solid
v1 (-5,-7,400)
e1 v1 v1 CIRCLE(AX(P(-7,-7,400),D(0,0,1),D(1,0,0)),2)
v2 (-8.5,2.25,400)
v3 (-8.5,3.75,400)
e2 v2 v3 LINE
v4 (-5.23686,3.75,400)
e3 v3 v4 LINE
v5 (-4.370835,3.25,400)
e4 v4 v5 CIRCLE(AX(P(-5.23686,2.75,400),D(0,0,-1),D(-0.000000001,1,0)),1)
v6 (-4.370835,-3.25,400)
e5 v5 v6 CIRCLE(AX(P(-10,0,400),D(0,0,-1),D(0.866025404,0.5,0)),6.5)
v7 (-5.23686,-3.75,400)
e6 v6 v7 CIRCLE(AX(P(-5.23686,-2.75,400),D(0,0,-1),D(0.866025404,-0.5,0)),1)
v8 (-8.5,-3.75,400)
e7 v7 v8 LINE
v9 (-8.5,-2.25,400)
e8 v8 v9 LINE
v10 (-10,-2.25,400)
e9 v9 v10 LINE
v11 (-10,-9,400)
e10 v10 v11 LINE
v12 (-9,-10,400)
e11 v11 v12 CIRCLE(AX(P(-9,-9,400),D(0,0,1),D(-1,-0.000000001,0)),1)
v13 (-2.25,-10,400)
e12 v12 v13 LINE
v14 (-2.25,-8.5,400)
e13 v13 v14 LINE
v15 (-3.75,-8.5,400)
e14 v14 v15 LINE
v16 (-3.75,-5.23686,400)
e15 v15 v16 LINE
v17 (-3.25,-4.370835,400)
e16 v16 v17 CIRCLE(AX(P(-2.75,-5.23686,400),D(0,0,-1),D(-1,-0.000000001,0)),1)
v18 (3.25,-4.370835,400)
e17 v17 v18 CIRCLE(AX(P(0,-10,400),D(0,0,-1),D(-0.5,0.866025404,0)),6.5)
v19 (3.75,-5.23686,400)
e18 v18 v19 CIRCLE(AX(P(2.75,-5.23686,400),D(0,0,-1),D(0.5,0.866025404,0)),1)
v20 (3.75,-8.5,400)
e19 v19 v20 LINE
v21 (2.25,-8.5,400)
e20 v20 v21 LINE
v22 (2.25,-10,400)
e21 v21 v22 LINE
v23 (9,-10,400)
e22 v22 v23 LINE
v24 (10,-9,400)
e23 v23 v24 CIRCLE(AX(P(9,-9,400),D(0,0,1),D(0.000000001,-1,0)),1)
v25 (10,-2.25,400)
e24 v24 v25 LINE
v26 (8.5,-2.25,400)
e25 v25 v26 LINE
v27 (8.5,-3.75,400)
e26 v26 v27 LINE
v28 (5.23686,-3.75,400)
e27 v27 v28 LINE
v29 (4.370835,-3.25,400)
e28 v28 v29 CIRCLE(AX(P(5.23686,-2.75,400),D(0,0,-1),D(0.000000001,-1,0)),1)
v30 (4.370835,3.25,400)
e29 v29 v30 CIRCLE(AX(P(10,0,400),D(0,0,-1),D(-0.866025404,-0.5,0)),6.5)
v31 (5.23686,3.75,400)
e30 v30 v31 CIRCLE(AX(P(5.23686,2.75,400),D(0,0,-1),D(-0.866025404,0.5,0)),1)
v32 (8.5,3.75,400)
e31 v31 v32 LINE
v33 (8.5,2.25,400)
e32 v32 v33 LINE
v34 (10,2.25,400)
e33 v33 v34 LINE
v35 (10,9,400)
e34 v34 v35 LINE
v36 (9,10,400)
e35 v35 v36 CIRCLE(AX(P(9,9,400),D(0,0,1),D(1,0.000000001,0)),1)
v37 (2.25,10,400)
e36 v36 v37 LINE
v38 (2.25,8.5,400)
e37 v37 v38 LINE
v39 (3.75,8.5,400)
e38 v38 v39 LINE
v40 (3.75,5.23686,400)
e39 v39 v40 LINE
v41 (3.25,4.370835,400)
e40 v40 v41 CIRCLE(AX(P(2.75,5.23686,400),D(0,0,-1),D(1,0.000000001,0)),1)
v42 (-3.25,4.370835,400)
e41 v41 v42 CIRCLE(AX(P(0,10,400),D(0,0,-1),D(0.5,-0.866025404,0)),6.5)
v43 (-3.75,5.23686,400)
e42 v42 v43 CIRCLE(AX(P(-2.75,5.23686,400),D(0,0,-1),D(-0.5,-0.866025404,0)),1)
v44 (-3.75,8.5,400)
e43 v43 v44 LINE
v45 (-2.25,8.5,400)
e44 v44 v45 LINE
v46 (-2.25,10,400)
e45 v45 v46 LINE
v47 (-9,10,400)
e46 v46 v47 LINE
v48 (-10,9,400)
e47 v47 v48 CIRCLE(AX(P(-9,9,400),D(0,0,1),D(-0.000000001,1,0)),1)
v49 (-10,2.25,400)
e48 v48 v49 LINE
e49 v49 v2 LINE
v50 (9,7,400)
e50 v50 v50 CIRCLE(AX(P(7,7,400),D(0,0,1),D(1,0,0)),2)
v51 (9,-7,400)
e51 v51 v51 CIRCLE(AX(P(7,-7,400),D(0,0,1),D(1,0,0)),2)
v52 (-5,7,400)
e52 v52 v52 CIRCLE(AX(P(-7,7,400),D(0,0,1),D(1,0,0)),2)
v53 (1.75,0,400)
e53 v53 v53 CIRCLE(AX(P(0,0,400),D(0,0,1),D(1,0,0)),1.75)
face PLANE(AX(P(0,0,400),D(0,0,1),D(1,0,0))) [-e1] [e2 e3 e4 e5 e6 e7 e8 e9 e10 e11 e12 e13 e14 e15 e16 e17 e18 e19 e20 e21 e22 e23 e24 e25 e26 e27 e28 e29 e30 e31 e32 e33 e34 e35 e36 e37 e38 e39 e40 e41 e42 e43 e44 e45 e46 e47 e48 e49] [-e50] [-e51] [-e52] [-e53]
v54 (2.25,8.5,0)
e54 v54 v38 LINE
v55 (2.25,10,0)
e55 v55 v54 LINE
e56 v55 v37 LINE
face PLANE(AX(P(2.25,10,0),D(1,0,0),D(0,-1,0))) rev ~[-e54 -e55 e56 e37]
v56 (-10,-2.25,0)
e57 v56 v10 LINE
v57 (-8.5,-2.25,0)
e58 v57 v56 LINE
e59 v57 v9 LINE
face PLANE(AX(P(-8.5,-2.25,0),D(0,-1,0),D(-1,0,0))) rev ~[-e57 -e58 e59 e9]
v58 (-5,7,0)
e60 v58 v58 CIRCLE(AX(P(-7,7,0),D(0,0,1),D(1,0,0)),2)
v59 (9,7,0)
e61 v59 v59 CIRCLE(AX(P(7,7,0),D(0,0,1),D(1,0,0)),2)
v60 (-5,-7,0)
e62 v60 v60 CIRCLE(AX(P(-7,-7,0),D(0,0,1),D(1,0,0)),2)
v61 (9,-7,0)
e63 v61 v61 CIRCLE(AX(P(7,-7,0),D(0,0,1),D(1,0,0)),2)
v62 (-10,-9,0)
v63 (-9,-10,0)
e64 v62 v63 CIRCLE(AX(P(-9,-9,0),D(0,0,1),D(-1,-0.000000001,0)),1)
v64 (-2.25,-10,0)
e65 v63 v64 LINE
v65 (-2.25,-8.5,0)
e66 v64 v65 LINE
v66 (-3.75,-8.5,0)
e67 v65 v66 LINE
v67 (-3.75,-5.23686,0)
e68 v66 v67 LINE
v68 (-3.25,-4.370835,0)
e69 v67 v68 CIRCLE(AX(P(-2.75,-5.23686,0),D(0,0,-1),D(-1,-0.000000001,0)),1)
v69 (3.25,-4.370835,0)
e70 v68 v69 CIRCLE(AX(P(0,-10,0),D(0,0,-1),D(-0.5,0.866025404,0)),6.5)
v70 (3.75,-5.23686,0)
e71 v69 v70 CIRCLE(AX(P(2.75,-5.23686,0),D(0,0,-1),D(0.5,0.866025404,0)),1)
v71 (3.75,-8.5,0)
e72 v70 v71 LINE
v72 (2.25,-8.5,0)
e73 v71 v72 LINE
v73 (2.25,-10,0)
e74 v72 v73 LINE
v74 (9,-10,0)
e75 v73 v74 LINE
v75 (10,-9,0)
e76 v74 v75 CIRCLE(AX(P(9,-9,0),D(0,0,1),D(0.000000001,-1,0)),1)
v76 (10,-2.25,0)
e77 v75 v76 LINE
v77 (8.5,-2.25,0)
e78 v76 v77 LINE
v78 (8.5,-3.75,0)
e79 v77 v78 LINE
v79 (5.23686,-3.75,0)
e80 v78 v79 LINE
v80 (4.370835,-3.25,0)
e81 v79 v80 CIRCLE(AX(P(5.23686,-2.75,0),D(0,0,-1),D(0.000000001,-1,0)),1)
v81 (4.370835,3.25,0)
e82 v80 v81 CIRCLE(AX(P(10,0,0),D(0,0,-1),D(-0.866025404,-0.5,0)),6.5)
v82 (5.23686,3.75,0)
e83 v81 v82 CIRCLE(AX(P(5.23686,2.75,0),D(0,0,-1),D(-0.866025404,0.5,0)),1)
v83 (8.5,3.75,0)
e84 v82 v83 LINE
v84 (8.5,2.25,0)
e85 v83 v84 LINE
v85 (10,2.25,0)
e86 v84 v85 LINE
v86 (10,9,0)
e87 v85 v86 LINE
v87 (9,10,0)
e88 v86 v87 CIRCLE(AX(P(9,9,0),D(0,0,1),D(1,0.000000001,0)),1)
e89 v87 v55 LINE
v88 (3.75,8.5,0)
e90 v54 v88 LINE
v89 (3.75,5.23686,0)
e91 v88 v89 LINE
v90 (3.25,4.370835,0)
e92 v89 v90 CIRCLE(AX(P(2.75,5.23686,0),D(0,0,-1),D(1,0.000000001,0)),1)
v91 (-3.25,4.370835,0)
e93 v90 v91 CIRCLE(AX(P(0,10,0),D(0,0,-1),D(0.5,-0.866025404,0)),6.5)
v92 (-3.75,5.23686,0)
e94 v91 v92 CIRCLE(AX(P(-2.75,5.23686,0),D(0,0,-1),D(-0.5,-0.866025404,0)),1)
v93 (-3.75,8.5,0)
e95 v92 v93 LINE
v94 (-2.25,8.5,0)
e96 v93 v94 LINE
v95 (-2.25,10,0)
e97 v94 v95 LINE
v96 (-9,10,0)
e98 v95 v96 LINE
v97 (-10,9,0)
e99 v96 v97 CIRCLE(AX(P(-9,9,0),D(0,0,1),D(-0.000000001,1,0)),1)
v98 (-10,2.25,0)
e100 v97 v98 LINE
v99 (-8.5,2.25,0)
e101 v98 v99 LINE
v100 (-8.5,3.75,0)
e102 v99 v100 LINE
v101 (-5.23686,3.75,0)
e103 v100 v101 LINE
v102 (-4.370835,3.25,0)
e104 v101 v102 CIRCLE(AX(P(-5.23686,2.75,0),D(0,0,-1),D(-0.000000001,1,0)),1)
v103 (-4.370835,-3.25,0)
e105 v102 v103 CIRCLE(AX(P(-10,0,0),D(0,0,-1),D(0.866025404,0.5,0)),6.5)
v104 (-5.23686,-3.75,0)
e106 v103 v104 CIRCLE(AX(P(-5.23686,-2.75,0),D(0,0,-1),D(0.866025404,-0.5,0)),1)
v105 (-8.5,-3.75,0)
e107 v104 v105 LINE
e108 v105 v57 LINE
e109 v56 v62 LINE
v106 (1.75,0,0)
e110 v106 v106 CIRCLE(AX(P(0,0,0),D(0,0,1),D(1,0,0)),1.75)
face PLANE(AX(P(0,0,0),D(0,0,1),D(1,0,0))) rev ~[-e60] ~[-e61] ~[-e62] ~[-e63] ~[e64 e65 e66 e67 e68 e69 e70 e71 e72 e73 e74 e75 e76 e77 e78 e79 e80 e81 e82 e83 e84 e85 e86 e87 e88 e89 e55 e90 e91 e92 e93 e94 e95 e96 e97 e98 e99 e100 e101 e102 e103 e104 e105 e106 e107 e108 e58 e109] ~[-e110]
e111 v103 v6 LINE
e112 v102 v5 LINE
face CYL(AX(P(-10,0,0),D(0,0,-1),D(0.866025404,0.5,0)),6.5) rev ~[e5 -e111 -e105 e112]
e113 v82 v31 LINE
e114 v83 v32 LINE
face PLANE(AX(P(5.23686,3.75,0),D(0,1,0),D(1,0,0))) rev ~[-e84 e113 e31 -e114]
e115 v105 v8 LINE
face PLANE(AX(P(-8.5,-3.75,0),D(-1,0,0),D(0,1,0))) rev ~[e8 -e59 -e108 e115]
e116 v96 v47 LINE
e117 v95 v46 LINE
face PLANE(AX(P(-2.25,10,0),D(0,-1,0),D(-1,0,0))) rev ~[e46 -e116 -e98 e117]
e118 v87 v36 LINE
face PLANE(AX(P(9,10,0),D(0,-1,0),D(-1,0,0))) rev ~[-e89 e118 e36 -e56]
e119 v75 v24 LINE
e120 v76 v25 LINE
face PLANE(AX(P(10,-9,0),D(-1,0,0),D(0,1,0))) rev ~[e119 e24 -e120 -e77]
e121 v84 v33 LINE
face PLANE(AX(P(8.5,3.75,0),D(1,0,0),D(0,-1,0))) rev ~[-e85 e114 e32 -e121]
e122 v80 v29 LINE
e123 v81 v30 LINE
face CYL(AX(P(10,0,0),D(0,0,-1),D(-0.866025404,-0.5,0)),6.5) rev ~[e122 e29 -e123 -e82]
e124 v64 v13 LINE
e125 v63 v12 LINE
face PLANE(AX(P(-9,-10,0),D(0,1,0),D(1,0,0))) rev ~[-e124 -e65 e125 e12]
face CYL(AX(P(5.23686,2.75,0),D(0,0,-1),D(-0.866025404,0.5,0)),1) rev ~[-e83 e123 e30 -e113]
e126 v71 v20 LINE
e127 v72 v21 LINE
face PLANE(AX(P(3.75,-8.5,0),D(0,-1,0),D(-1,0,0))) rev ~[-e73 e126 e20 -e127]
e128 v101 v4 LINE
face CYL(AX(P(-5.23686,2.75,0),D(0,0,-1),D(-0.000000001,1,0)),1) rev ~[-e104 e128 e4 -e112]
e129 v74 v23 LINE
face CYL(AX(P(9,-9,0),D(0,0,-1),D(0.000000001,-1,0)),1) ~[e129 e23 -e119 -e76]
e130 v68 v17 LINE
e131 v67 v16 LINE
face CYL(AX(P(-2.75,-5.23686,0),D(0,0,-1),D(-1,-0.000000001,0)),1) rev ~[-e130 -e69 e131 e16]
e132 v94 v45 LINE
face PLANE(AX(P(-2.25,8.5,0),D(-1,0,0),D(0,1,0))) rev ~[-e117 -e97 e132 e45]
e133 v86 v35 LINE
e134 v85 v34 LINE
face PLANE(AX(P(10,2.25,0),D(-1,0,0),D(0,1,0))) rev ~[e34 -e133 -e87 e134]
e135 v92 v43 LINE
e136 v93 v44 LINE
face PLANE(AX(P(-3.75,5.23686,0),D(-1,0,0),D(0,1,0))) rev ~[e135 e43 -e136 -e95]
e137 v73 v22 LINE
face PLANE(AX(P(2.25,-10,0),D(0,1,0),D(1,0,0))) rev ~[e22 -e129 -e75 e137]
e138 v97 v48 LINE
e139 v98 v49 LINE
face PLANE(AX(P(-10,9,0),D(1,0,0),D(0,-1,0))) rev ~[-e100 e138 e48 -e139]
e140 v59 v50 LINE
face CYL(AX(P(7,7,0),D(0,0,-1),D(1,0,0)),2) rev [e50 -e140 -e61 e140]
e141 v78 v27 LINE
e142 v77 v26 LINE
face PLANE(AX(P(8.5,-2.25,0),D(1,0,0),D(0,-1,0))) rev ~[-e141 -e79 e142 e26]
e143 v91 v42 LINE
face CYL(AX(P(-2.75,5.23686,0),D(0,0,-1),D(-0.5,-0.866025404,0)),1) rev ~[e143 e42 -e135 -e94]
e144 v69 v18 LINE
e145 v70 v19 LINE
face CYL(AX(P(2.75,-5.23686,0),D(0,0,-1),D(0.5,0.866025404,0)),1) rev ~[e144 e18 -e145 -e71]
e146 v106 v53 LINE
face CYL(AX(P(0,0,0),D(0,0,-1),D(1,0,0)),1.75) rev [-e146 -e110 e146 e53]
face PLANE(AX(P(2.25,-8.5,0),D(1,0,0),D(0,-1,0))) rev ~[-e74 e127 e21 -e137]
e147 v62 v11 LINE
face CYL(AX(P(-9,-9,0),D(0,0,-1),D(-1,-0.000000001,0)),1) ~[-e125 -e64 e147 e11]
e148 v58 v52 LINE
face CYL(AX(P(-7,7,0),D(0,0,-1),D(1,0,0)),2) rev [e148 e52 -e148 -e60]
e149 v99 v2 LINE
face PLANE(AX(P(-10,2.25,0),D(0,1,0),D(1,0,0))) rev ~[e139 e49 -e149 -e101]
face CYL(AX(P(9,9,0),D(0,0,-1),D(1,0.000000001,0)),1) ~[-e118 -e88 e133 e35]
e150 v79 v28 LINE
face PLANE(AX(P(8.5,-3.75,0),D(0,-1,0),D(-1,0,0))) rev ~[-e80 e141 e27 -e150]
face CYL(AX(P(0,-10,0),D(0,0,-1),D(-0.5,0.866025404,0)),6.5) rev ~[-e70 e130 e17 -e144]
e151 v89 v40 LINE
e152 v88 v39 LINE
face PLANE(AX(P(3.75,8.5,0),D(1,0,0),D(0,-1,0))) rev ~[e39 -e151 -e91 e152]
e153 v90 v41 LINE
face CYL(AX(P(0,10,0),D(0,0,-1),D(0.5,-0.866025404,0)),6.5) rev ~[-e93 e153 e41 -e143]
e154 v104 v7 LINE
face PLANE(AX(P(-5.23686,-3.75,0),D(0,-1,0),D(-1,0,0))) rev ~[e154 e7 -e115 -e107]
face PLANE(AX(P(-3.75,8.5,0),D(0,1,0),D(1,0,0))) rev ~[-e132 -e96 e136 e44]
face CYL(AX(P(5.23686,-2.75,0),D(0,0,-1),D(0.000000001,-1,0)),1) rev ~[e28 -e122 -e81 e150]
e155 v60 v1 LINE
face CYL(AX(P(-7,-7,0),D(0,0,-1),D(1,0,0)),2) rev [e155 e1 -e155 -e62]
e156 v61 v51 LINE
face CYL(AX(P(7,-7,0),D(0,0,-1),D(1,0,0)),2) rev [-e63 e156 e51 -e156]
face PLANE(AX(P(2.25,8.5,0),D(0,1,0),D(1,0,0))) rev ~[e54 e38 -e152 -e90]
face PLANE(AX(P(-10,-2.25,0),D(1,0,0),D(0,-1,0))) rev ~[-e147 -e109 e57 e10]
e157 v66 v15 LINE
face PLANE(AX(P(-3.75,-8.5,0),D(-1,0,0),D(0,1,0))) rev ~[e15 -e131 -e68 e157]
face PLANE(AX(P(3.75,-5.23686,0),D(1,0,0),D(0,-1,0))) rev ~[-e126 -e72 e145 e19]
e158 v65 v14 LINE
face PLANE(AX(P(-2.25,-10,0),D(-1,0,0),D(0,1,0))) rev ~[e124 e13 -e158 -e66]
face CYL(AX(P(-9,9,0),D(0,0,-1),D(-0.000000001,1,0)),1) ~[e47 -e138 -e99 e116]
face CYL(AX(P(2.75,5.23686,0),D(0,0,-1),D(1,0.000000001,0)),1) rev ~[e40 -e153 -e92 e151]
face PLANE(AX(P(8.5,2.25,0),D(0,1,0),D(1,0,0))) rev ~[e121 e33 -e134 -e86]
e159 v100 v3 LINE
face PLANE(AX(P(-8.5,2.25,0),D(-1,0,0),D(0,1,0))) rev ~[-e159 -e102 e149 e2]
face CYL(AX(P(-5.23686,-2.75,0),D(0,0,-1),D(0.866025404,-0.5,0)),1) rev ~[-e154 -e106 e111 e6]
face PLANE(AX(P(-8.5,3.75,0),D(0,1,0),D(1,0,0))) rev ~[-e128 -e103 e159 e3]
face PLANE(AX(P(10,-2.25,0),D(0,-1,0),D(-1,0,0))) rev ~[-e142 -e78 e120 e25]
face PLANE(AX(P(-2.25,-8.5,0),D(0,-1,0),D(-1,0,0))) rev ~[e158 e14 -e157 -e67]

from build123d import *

# Parameters (mm, degrees)
SKETCH1_R           = 2
SKETCH1_R_2         = 1.75
BOSS_EXTRUDE1_DEPTH = 400


with BuildPart() as part:
    # Sketch1 → Boss-Extrude1 (new body)
    with BuildSketch(Plane.XY):
        with BuildLine():
            Line((-10, 9), (-10, 2.25))
            Line((-10, 2.25), (-8.5, 2.25))
            Line((-8.5, 2.25), (-8.5, 3.75))
            Line((-8.5, 3.75), (-5.236860279, 3.75))
            ThreePointArc((-5.236860279, 3.75), (-4.736860279, 3.616025404), (-4.370834875, 3.25))
            ThreePointArc((-4.370834875, 3.25), (-3.5, 0), (-4.370834875, -3.25))
            ThreePointArc((-4.370834875, -3.25), (-4.736860279, -3.616025404), (-5.236860279, -3.75))
            Line((-5.236860279, -3.75), (-8.5, -3.75))
            Line((-8.5, -3.75), (-8.5, -2.25))
            Line((-8.5, -2.25), (-10, -2.25))
            Line((-10, -2.25), (-10, -9))
            ThreePointArc((-10, -9), (-9.707106781, -9.707106781), (-9, -10))
            Line((-9, -10), (-2.25, -10))
            Line((-2.25, -10), (-2.25, -8.5))
            Line((-2.25, -8.5), (-3.75, -8.5))
            Line((-3.75, -8.5), (-3.75, -5.236860279))
            ThreePointArc((-3.75, -5.236860279), (-3.616025404, -4.736860279), (-3.25, -4.370834875))
            ThreePointArc((-3.25, -4.370834875), (0, -3.5), (3.25, -4.370834875))
            ThreePointArc((3.25, -4.370834875), (3.616025404, -4.736860279), (3.75, -5.236860279))
            Line((3.75, -5.236860279), (3.75, -8.5))
            Line((3.75, -8.5), (2.25, -8.5))
            Line((2.25, -8.5), (2.25, -10))
            Line((2.25, -10), (9, -10))
            ThreePointArc((9, -10), (9.707106781, -9.707106781), (10, -9))
            Line((10, -9), (10, -2.25))
            Line((10, -2.25), (8.5, -2.25))
            Line((8.5, -2.25), (8.5, -3.75))
            Line((8.5, -3.75), (5.236860279, -3.75))
            ThreePointArc((5.236860279, -3.75), (4.736860279, -3.616025404), (4.370834875, -3.25))
            ThreePointArc((4.370834875, -3.25), (3.5, 0), (4.370834875, 3.25))
            ThreePointArc((4.370834875, 3.25), (4.736860279, 3.616025404), (5.236860279, 3.75))
            Line((5.236860279, 3.75), (8.5, 3.75))
            Line((8.5, 3.75), (8.5, 2.25))
            Line((8.5, 2.25), (10, 2.25))
            Line((10, 2.25), (10, 9))
            ThreePointArc((10, 9), (9.707106781, 9.707106781), (9, 10))
            Line((9, 10), (2.25, 10))
            Line((2.25, 10), (2.25, 8.5))
            Line((2.25, 8.5), (3.75, 8.5))
            Line((3.75, 8.5), (3.75, 5.236860279))
            ThreePointArc((3.75, 5.236860279), (3.616025404, 4.736860279), (3.25, 4.370834875))
            ThreePointArc((3.25, 4.370834875), (0, 3.5), (-3.25, 4.370834875))
            ThreePointArc((-3.25, 4.370834875), (-3.616025404, 4.736860279), (-3.75, 5.236860279))
            Line((-3.75, 5.236860279), (-3.75, 8.5))
            Line((-3.75, 8.5), (-2.25, 8.5))
            Line((-2.25, 8.5), (-2.25, 10))
            Line((-2.25, 10), (-9, 10))
            ThreePointArc((-9, 10), (-9.707106781, 9.707106781), (-10, 9))
        make_face()
        with Locations((-7, -7)):
            Circle(SKETCH1_R, mode=Mode.SUBTRACT)
        with Locations((7, -7)):
            Circle(SKETCH1_R, mode=Mode.SUBTRACT)
        with Locations((7, 7)):
            Circle(SKETCH1_R, mode=Mode.SUBTRACT)
        Circle(SKETCH1_R_2, mode=Mode.SUBTRACT)
        with Locations((-7, 7)):
            Circle(SKETCH1_R, mode=Mode.SUBTRACT)
    extrude(amount=BOSS_EXTRUDE1_DEPTH)


solid = part.part
